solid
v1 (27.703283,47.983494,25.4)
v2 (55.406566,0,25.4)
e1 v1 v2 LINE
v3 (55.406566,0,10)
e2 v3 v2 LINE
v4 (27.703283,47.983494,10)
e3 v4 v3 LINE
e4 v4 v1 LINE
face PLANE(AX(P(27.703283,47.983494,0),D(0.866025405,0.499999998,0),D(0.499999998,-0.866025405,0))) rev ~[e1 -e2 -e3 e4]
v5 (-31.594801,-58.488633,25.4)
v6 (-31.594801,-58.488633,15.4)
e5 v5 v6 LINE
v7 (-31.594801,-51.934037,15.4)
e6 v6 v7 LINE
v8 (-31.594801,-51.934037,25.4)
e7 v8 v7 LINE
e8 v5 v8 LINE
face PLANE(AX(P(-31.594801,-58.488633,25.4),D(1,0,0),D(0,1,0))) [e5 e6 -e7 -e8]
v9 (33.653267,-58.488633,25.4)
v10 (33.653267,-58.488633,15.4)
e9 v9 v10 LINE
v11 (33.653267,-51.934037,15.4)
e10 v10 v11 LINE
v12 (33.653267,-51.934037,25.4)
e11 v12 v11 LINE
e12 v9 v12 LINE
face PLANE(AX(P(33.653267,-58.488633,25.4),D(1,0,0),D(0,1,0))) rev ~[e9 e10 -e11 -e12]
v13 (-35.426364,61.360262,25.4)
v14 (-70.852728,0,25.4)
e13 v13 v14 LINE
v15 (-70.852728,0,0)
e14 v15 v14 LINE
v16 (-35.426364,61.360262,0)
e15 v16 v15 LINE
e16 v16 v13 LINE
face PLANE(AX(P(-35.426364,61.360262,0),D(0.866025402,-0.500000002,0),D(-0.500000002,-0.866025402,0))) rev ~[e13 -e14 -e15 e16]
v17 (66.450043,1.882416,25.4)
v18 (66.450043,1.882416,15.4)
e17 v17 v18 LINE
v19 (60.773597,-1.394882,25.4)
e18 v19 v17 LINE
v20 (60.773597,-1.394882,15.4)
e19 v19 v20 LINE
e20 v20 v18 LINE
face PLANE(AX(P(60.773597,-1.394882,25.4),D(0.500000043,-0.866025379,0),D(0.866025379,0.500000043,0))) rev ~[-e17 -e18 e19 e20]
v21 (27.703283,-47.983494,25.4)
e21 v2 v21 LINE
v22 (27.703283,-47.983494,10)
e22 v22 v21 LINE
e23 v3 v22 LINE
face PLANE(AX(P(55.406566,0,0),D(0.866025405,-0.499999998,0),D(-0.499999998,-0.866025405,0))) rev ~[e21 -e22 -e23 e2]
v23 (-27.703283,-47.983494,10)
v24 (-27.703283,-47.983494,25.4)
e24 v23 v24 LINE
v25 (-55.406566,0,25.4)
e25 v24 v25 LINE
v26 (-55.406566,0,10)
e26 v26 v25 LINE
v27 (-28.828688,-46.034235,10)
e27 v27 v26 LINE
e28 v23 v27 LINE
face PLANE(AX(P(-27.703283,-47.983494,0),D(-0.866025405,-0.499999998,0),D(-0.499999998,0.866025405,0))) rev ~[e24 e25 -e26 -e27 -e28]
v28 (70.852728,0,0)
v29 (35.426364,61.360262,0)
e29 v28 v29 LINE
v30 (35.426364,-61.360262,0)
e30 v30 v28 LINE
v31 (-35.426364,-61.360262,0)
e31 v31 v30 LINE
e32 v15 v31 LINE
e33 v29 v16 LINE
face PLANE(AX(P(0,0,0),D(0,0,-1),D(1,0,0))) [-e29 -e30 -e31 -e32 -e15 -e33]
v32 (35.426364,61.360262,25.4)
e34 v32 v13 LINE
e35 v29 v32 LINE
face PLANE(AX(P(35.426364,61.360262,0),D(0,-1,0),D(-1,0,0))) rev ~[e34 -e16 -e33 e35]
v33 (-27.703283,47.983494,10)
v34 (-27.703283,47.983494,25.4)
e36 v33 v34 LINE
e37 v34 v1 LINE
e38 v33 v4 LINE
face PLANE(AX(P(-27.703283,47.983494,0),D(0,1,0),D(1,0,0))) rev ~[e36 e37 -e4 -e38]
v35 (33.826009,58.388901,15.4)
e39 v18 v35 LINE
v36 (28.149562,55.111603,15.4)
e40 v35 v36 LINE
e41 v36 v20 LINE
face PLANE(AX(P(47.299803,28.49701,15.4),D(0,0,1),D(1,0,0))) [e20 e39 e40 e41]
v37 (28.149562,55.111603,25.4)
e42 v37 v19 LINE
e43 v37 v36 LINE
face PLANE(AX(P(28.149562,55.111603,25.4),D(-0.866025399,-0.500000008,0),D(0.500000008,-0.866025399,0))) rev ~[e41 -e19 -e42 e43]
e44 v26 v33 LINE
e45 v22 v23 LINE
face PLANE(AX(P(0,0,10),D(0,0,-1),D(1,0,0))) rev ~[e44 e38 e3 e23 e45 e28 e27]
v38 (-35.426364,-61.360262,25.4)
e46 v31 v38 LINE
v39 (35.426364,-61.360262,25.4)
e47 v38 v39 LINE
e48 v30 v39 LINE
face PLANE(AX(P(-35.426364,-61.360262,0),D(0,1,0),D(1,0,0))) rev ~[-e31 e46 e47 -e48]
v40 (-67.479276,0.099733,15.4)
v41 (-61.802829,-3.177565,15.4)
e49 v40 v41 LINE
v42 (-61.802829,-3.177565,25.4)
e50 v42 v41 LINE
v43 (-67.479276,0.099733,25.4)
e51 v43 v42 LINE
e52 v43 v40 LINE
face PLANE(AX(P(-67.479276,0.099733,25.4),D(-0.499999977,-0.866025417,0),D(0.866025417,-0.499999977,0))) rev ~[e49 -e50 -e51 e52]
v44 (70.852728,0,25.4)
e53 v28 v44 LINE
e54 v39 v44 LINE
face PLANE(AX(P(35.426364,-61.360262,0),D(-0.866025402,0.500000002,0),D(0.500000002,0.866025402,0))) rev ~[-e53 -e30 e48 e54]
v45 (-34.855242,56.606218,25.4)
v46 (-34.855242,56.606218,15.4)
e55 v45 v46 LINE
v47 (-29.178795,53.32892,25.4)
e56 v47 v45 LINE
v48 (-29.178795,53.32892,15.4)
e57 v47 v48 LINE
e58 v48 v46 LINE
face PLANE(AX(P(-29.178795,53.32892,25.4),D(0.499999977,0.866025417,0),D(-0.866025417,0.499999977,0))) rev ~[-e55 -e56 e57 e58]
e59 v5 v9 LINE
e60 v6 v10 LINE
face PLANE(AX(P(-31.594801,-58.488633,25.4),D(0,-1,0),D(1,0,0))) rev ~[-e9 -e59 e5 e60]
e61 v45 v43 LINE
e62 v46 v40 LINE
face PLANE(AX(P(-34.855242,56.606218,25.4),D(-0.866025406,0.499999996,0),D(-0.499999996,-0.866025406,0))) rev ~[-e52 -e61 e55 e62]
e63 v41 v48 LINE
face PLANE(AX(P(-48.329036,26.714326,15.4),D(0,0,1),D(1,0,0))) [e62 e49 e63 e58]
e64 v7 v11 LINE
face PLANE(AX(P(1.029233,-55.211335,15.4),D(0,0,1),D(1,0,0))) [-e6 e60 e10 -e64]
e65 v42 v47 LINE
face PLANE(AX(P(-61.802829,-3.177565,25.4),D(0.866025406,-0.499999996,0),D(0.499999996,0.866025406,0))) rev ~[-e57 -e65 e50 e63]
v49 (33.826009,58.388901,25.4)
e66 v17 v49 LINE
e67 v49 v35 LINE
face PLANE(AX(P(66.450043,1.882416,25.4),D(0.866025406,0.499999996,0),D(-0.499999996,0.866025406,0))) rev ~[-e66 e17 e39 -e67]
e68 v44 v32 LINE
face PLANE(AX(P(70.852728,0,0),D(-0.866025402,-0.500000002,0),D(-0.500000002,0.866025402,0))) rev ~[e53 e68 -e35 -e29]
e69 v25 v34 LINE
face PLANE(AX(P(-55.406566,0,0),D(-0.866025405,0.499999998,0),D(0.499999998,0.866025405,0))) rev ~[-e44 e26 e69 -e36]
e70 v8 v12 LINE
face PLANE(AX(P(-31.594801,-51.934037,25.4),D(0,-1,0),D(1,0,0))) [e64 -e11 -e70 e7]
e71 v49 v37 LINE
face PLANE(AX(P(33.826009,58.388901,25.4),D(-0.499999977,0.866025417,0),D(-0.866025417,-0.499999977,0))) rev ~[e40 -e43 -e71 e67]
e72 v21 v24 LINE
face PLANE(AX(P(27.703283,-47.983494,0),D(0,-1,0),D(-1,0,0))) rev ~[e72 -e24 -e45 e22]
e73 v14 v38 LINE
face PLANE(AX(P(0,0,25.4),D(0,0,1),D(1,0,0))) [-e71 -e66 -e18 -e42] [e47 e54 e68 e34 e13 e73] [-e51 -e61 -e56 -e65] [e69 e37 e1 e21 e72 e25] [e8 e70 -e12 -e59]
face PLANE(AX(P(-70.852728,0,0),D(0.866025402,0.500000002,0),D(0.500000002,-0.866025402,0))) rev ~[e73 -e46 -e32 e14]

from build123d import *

# Parameters (mm, degrees)
F1_DEPTH = 25.4
F2_W     = 65.248069
F2_H     = 6.554596
F3_DEPTH = 10
F5_DEPTH = 10


with BuildPart() as f1:
    # F0 (on Top) → F1 (new body)
    with BuildSketch(Plane.XY):
        Polygon((35.426364, 61.360262), (-35.426364, 61.360262), (-70.852728, 0), (-35.426364, -61.360262), (35.426364, -61.360262), (70.852728, 0), align=None)
        Polygon((-55.406566, 0), (-27.703283, 47.983494), (27.703283, 47.983494), (55.406566, 0), (27.703283, -47.983494), (-27.703283, -47.983494), align=None, mode=Mode.SUBTRACT)
    extrude(amount=F1_DEPTH)

    # F2 (on face) → F3 (cut)
    with BuildSketch(Plane.XY.offset(25.4)):
        Polygon((66.450043, 1.882416), (33.826009, 58.388901), (28.149562, 55.111603), (60.773597, -1.394882), align=None)
        with Locations((1.029233, -55.211335)):
            Rectangle(F2_W, F2_H)
        Polygon((-34.855242, 56.606218), (-67.479276, 0.099733), (-61.802829, -3.177565), (-29.178795, 53.32892), align=None)
    extrude(amount=-F3_DEPTH, mode=Mode.SUBTRACT)

    # F4 (on face) → F5 (join)
    with BuildSketch(Plane(origin=(0, 0, 0), x_dir=(1, 0, 0), z_dir=(0, 0, -1))):
        Polygon((27.703283, 47.983494), (-27.703283, 47.983494), (-28.828688, 46.034235), (-55.406566, 0), (-27.703283, -47.983494), (27.703283, -47.983494), (55.406566, 0), align=None)
    extrude(amount=-F5_DEPTH)


solid = f1.part
